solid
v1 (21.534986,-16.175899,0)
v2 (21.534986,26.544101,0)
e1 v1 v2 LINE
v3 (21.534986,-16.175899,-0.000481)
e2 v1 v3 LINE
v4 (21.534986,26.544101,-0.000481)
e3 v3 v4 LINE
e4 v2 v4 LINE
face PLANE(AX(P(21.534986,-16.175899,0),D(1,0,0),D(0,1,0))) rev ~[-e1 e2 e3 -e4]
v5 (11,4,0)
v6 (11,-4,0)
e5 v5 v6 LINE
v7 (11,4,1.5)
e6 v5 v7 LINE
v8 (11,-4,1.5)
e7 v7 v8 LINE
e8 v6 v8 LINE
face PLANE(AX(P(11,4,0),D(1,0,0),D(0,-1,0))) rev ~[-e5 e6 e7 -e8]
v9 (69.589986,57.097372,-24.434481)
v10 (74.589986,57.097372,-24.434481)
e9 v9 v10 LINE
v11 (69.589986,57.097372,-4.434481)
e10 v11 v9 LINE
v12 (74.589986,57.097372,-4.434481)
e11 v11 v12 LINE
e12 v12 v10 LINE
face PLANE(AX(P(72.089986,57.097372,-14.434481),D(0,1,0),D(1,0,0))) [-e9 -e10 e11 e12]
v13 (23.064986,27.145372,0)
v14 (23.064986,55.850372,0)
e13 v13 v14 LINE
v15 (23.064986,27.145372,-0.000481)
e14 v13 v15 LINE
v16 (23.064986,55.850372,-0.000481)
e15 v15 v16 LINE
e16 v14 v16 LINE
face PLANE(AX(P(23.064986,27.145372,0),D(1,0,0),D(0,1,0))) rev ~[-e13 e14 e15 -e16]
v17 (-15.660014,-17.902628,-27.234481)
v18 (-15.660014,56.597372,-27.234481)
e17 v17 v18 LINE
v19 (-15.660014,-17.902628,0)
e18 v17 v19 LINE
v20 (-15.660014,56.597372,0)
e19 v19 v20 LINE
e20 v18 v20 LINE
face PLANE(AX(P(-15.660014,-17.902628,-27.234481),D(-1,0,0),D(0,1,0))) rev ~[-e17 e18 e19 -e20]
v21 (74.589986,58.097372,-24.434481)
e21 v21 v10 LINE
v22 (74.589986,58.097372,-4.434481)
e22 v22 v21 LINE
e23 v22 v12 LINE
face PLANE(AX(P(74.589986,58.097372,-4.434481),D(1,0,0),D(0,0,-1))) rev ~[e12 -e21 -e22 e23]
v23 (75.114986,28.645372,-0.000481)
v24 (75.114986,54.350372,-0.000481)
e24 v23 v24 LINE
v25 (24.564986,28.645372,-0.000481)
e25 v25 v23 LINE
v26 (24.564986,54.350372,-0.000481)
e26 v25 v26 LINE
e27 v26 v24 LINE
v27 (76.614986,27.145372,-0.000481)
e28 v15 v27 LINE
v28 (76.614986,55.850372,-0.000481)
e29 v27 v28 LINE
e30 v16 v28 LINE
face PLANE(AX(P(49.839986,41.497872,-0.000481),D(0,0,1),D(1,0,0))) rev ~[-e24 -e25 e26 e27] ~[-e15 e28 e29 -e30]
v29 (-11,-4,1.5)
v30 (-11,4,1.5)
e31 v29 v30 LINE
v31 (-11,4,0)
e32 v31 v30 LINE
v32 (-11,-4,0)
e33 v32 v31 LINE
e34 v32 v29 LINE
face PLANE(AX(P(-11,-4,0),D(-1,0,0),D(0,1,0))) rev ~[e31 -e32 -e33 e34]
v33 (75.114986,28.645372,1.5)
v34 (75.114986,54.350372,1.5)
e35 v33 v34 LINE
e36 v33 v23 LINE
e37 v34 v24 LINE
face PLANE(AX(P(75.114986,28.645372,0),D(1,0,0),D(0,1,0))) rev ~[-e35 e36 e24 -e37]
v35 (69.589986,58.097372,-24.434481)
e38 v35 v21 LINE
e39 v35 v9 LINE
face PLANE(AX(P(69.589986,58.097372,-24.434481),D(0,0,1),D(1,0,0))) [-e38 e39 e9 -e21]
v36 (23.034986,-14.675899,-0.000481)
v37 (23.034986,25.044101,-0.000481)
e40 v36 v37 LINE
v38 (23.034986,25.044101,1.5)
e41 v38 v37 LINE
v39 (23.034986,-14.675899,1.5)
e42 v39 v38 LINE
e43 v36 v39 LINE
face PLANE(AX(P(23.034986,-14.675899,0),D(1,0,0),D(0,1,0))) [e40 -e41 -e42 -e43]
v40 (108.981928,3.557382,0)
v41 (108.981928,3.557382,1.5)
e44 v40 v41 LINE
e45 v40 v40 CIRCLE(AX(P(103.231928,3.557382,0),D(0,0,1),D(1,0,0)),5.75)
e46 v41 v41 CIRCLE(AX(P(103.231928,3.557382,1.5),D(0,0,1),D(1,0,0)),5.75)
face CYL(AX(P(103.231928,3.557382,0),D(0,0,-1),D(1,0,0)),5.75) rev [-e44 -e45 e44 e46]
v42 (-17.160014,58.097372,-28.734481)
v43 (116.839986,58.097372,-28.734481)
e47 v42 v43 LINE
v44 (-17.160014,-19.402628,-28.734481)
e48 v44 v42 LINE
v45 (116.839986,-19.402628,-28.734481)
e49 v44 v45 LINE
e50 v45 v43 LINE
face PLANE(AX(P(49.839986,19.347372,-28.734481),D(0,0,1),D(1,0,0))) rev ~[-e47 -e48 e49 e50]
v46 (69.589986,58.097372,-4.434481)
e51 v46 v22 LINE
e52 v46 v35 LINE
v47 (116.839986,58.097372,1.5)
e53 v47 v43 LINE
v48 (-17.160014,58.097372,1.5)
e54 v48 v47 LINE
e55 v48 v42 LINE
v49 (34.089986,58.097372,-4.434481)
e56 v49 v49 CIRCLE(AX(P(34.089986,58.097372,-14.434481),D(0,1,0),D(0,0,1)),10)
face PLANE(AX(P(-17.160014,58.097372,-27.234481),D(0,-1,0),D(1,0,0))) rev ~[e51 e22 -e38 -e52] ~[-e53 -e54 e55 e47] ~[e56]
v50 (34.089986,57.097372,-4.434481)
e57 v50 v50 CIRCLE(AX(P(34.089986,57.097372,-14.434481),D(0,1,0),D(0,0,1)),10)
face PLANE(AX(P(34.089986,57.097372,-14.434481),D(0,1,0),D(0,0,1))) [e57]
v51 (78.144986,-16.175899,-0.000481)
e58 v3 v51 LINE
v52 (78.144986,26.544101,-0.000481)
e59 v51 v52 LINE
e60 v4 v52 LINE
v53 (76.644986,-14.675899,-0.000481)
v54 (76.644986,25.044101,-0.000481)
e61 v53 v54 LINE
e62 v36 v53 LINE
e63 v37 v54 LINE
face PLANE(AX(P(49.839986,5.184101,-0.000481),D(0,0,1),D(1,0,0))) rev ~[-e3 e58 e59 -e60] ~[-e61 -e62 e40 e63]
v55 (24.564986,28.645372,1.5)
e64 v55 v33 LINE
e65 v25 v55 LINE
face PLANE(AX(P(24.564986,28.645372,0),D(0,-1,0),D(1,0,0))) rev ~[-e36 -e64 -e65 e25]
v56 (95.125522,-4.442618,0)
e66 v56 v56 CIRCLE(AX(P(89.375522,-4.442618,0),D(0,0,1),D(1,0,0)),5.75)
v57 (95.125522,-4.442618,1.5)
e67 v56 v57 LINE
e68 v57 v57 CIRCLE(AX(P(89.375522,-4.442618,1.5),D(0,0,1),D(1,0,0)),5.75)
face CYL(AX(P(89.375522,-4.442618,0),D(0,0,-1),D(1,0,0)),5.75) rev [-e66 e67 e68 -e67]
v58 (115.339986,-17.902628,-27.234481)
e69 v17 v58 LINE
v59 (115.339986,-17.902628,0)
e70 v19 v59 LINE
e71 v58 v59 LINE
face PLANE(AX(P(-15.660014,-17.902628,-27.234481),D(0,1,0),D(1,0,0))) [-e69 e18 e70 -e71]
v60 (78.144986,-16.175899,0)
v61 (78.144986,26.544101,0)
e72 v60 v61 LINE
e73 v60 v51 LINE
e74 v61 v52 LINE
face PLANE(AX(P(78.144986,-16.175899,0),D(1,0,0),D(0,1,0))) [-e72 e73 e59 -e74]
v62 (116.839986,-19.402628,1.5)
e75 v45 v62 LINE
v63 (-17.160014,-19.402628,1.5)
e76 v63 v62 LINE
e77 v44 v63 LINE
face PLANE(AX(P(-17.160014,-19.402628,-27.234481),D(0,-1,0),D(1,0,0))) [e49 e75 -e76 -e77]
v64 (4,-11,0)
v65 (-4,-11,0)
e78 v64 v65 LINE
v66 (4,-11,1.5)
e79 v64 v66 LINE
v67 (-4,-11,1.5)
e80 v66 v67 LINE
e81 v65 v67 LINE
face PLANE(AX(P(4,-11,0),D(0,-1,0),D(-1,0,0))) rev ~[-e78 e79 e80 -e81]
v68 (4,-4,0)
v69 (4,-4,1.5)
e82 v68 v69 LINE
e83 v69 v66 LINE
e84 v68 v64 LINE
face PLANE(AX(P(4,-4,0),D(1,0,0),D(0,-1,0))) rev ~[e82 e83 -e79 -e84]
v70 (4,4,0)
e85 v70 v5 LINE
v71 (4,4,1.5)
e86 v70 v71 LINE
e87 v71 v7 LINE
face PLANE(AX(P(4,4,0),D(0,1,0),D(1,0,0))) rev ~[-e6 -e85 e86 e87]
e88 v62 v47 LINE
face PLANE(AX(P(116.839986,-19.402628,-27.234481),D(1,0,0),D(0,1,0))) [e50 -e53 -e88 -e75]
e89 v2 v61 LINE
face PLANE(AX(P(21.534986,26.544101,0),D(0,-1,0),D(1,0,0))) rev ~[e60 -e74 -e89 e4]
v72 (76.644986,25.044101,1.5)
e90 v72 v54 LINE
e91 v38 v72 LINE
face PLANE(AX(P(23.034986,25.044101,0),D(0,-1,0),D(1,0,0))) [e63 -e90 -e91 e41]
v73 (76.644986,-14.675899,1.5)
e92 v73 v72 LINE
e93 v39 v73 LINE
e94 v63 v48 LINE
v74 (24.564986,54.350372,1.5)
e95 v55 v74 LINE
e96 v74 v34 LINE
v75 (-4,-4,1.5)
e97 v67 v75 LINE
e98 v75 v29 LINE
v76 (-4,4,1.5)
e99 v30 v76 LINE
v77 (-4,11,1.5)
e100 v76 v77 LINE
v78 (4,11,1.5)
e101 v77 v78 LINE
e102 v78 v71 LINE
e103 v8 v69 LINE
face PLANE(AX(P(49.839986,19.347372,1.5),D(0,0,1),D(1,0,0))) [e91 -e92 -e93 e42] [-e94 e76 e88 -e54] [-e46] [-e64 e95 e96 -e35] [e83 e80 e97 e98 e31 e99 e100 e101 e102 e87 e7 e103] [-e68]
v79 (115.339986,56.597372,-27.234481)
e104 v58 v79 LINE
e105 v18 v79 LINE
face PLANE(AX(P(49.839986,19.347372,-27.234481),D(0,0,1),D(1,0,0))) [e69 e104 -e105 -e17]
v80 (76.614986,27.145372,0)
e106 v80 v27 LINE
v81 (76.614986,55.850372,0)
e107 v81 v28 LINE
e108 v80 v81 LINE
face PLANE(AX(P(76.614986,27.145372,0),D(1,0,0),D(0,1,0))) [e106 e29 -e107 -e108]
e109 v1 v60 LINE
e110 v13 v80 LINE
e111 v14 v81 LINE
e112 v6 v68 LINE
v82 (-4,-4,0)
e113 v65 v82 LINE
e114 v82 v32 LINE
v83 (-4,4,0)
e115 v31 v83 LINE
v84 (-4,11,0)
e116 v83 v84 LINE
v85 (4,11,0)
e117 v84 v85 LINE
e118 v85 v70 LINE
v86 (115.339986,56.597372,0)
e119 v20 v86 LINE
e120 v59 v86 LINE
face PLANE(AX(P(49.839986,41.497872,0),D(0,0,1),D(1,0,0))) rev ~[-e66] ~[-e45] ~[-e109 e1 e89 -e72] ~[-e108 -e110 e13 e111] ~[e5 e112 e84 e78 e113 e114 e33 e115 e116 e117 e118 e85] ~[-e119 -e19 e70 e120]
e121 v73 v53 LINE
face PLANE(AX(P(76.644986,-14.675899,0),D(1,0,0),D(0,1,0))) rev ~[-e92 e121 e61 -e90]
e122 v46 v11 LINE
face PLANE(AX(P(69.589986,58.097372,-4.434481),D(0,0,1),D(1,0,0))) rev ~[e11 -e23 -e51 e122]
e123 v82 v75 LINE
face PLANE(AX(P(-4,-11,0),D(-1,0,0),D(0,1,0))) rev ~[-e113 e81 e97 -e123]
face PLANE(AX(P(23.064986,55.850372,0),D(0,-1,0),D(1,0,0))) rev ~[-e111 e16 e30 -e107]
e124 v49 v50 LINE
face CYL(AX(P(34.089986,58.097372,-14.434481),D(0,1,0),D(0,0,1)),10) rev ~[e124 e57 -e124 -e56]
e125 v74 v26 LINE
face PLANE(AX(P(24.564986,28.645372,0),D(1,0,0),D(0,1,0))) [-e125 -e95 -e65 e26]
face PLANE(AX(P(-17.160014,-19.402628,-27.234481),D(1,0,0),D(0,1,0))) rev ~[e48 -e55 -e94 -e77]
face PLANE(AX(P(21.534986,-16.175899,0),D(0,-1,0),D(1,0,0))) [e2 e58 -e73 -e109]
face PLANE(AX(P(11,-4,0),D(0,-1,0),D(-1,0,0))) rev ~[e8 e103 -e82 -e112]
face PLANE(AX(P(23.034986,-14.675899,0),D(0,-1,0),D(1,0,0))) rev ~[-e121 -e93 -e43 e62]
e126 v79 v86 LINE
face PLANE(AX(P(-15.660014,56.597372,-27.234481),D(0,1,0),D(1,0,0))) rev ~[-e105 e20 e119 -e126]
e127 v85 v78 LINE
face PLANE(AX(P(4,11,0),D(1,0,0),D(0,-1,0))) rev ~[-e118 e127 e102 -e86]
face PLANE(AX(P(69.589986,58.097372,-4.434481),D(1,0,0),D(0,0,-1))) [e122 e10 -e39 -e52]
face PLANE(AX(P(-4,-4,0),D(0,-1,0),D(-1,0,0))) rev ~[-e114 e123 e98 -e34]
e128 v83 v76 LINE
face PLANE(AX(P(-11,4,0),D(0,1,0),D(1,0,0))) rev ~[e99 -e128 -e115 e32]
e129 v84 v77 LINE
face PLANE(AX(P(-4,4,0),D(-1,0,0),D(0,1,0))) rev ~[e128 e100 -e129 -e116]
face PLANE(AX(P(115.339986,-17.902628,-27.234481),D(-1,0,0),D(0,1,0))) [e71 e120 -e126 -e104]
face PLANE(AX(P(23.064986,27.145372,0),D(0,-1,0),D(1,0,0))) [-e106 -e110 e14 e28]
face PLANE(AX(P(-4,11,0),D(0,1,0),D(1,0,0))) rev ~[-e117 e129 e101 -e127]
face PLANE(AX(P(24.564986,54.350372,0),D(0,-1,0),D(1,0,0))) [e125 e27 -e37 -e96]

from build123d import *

# Parameters (mm, degrees)
SKETCH1_W           = 131
SKETCH1_H           = 74.5
SKETCH1_R           = 5.75
SKETCH1_W_2         = 50.55
SKETCH1_H_2         = 25.705
SKETCH1_W_3         = 53.61
SKETCH1_H_3         = 39.72
SKETCH1_W_4         = 56.61
SKETCH1_H_4         = 42.72
SKETCH1_W_5         = 53.55
SKETCH1_H_5         = 28.705
BOSS_EXTRUDE1_DEPTH = 1.5
SKETCH1_3_W         = 56.61
SKETCH1_3_H         = 42.72
SKETCH1_3_W_2       = 53.61
SKETCH1_3_H_2       = 39.72
BOSS_EXTRUDE2_DEPTH = 0.000481454
SKETCH1_4_W         = 53.55
SKETCH1_4_H         = 28.705
SKETCH1_4_W_2       = 50.55
SKETCH1_4_H_2       = 25.705
BOSS_EXTRUDE3_DEPTH = 0.000481454
BOSS_EXTRUDE4_START = -27.234481
SKETCH1_5_W         = 134
SKETCH1_5_H         = 77.5
SKETCH1_5_W_2       = 131
SKETCH1_5_H_2       = 74.5
BOSS_EXTRUDE4_DEPTH = 28.734481
BOSS_EXTRUDE5_START = -27.234481
SKETCH1_6_W         = 134
SKETCH1_6_H         = 77.5
BOSS_EXTRUDE5_DEPTH = 1.5
SKETCH2_R           = 10
SKETCH2_W           = 5
SKETCH2_H           = 20
CUT_EXTRUDE1_DEPTH  = 1


with BuildPart() as part:
    # Sketch1 → Boss-Extrude1 (new body)
    # profile 1 of 3: a face of its own
    with BuildSketch(Plane.XY):
        with Locations((49.839986011, 19.347372341)):
            Rectangle(SKETCH1_W, SKETCH1_H)
        with Locations((103.231928001, 3.557382469)):
            Circle(SKETCH1_R, mode=Mode.SUBTRACT)
        with Locations((89.37552154, -4.442617531)):
            Circle(SKETCH1_R, mode=Mode.SUBTRACT)
        with Locations((49.839986011, 41.497872341)):
            Rectangle(SKETCH1_W_2, SKETCH1_H_2, mode=Mode.SUBTRACT)
        with Locations((49.839986011, 5.184101348)):
            Rectangle(SKETCH1_W_3, SKETCH1_H_3, mode=Mode.SUBTRACT)
        Polygon((4, -11), (-4, -11), (-4, -4), (-11, -4), (-11, 4), (-4, 4), (-4, 11), (4, 11), (4, 4), (11, 4), (11, -4), (4, -4), align=None, mode=Mode.SUBTRACT)
    # profile 2 of 3: a face of its own
    with BuildSketch(Plane.XY):
        with Locations((49.839986011, 5.184101348)):
            Rectangle(SKETCH1_W_4, SKETCH1_H_4)
        with Locations((49.839986011, 5.184101348)):
            Rectangle(SKETCH1_W_3, SKETCH1_H_3, mode=Mode.SUBTRACT)
    # profile 3 of 3: a face of its own
    with BuildSketch(Plane.XY):
        with Locations((49.839986011, 41.497872341)):
            Rectangle(SKETCH1_W_5, SKETCH1_H_5)
        with Locations((49.839986011, 41.497872341)):
            Rectangle(SKETCH1_W_2, SKETCH1_H_2, mode=Mode.SUBTRACT)
    extrude(amount=BOSS_EXTRUDE1_DEPTH)

    # Sketch1<3> → Boss-Extrude2 (add)
    with BuildSketch(Plane.XY):
        with Locations((49.839986011, 5.184101348)):
            Rectangle(SKETCH1_3_W, SKETCH1_3_H)
        with Locations((49.839986011, 5.184101348)):
            Rectangle(SKETCH1_3_W_2, SKETCH1_3_H_2, mode=Mode.SUBTRACT)
    extrude(amount=-BOSS_EXTRUDE2_DEPTH)

    # Sketch1<4> → Boss-Extrude3 (add)
    with BuildSketch(Plane.XY):
        with Locations((49.839986011, 41.497872341)):
            Rectangle(SKETCH1_4_W, SKETCH1_4_H)
        with Locations((49.839986011, 41.497872341)):
            Rectangle(SKETCH1_4_W_2, SKETCH1_4_H_2, mode=Mode.SUBTRACT)
    extrude(amount=-BOSS_EXTRUDE3_DEPTH)

    # Sketch1<5> → Boss-Extrude4 (add)
    with BuildSketch(Plane.XY.offset(BOSS_EXTRUDE4_START)):
        with Locations((49.839986011, 19.347372341)):
            Rectangle(SKETCH1_5_W, SKETCH1_5_H)
        with Locations((49.839986011, 19.347372341)):
            Rectangle(SKETCH1_5_W_2, SKETCH1_5_H_2, mode=Mode.SUBTRACT)
    extrude(amount=BOSS_EXTRUDE4_DEPTH)

    # Sketch1<6> → Boss-Extrude5 (add)
    with BuildSketch(Plane.XY.offset(BOSS_EXTRUDE5_START)):
        with Locations((49.839986011, 19.347372341)):
            Rectangle(SKETCH1_6_W, SKETCH1_6_H)
    extrude(amount=-BOSS_EXTRUDE5_DEPTH)

    # Sketch2 → Cut-Extrude1 (cut)
    with BuildSketch(Plane(origin=(0, 58.097372341, 0), x_dir=(1, 0, 0), z_dir=(0, 1, 0))):
        with Locations(Location((34.089986011, 14.434481454, 0), (0, 0, 270))):
            Circle(SKETCH2_R)
        with Locations((72.089986011, 14.434481454)):
            Rectangle(SKETCH2_W, SKETCH2_H)
    extrude(amount=-CUT_EXTRUDE1_DEPTH, mode=Mode.SUBTRACT)


solid = part.part
